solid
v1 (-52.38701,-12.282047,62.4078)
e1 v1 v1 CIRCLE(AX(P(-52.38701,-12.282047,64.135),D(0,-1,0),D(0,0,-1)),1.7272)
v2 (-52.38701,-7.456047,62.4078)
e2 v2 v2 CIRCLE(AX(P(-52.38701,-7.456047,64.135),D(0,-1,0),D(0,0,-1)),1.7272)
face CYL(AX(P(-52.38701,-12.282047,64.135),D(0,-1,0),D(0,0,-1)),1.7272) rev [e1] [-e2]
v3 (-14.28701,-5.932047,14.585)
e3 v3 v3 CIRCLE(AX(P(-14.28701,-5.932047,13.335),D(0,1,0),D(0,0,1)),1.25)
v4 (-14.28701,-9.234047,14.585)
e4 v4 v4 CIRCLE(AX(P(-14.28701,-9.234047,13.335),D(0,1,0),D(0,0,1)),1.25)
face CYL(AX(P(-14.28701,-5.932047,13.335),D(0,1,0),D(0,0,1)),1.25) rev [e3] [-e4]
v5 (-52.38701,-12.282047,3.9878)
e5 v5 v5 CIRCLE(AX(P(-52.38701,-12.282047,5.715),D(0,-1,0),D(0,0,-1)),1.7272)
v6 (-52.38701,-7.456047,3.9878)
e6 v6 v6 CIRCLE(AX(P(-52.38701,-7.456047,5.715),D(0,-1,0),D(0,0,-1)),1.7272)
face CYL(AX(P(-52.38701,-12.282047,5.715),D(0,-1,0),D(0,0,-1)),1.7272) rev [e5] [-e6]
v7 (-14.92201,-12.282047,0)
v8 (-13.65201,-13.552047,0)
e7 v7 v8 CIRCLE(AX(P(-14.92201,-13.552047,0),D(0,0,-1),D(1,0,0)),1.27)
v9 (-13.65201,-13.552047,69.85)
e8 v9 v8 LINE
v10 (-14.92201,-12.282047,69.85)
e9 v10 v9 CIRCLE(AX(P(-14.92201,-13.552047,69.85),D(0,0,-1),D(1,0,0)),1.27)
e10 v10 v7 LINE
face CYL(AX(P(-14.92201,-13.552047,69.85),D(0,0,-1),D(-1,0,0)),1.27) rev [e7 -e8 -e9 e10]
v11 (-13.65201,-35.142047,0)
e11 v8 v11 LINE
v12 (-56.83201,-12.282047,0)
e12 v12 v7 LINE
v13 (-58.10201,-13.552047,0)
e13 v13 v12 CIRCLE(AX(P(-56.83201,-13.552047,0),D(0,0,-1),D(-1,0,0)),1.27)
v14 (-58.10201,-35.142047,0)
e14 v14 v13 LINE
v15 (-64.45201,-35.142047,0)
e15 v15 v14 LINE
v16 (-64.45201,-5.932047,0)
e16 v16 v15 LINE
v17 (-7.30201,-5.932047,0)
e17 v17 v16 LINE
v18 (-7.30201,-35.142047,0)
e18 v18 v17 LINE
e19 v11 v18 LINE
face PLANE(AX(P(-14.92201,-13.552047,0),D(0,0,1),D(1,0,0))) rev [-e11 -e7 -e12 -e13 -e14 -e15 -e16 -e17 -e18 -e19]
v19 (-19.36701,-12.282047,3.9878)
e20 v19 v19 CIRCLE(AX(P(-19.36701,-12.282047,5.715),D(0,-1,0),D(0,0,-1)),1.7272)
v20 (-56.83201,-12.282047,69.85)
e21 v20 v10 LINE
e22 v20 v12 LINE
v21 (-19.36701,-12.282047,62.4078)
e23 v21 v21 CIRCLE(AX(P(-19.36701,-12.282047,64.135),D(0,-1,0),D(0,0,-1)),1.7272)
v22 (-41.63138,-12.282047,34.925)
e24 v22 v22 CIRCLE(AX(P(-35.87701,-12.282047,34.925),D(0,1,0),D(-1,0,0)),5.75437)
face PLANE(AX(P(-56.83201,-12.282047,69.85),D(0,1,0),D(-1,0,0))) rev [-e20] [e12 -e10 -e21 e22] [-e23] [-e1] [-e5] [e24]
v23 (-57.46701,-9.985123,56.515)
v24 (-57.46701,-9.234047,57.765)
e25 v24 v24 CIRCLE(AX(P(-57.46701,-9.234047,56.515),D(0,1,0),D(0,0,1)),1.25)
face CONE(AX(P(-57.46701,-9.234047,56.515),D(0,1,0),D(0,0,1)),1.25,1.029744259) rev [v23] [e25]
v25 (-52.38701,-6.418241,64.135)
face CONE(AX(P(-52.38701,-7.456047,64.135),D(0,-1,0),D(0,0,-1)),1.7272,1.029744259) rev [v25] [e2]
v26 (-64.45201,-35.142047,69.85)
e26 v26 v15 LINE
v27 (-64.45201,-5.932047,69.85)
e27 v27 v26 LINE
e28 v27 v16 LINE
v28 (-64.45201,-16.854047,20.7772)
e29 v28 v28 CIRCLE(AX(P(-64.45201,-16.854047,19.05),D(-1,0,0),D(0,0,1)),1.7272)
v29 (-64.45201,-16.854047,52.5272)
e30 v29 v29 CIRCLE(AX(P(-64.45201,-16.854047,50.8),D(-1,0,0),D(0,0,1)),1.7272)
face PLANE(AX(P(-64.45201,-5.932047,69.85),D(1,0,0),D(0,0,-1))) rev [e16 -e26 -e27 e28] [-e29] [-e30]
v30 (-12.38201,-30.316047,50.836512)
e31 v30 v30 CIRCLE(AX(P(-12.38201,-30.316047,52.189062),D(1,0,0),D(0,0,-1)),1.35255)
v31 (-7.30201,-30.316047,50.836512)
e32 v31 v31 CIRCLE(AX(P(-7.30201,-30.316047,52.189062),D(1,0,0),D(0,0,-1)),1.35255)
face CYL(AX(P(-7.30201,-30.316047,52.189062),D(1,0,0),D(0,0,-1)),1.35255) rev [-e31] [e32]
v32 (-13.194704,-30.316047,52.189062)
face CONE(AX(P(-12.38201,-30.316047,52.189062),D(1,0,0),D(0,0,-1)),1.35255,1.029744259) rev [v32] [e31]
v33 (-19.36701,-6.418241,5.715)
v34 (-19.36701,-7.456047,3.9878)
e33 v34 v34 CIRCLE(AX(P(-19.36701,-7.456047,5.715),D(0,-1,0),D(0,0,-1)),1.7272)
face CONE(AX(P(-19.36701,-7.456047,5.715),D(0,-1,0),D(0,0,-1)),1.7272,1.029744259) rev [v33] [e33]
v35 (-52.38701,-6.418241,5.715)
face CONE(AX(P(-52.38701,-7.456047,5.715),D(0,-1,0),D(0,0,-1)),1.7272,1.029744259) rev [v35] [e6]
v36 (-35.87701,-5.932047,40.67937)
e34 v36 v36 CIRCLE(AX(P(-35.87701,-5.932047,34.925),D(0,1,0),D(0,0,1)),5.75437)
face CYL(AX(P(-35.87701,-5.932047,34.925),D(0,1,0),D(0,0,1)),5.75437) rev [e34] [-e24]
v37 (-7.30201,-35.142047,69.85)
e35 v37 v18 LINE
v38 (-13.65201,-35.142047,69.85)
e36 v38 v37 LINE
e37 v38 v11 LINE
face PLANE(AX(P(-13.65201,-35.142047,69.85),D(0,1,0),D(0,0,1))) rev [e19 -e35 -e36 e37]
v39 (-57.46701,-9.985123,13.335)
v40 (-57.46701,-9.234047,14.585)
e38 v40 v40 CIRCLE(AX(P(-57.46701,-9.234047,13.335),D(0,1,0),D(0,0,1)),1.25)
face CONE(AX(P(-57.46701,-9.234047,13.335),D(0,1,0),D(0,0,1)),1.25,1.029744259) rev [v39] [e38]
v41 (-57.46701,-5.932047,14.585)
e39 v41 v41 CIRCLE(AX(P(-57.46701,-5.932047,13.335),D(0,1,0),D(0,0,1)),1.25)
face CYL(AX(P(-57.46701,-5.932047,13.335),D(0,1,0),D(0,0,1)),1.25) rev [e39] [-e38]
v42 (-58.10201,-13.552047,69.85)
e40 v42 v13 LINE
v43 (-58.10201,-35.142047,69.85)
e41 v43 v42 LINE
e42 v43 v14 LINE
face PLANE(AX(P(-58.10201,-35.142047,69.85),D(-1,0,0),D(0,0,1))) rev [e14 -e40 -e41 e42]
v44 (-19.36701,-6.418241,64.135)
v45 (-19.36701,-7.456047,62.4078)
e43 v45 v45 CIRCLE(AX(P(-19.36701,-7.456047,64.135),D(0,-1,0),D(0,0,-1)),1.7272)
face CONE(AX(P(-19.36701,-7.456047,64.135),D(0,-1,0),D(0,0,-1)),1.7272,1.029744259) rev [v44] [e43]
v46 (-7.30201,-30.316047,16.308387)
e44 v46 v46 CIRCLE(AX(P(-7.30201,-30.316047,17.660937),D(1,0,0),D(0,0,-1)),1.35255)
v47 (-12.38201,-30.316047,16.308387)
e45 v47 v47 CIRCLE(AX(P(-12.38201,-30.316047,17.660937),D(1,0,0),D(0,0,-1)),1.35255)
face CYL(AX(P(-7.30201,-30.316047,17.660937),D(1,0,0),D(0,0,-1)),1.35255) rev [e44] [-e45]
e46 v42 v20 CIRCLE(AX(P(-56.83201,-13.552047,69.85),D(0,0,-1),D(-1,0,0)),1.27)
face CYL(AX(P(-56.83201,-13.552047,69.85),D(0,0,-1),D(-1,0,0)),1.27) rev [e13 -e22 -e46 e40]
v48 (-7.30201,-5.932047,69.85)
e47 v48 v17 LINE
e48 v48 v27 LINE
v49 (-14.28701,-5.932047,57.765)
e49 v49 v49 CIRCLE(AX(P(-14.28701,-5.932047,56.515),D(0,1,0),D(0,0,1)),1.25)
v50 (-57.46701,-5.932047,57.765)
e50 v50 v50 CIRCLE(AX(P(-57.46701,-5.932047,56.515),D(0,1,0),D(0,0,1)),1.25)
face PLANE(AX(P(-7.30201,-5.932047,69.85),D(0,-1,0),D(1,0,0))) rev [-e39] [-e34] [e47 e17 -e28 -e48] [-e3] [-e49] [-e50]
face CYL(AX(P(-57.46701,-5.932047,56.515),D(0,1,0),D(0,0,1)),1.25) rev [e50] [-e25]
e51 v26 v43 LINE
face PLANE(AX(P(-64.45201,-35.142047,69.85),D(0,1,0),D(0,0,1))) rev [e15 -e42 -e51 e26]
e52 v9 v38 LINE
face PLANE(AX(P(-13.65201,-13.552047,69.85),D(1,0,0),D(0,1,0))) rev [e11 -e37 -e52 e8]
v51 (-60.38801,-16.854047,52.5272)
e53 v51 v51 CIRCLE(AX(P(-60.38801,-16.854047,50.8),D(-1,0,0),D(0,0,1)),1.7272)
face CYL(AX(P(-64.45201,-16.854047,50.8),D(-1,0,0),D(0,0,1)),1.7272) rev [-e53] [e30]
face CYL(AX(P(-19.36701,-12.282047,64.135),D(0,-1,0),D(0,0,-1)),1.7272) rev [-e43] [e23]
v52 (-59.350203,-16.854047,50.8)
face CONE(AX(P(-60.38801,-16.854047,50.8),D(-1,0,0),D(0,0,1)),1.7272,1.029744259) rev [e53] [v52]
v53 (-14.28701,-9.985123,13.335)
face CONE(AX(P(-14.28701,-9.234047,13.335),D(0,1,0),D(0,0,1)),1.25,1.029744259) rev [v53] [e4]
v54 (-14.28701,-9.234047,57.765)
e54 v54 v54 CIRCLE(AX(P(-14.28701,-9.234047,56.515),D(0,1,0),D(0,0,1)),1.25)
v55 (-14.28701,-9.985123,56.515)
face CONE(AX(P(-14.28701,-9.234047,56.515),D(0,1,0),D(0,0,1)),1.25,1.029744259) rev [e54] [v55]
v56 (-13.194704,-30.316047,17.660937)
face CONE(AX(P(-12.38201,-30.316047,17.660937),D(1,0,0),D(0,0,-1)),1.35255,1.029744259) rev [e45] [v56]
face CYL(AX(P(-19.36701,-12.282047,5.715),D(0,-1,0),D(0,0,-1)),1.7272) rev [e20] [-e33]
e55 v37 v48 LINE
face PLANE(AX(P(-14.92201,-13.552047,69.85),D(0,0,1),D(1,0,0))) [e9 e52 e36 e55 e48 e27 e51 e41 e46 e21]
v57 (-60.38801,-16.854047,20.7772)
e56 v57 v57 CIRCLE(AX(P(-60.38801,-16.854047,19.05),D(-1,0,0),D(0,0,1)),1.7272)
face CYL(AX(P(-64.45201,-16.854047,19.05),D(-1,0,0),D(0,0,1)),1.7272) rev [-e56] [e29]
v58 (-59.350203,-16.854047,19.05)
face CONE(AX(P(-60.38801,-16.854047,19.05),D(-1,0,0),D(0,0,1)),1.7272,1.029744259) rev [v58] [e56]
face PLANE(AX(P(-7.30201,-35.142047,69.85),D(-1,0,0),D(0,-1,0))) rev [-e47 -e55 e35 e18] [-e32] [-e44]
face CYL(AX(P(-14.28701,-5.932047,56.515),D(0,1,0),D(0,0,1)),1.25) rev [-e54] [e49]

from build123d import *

# Parameters (mm, degrees)
BOSS_EXTRUDE1_DEPTH             = 69.85
TAP_DRILL_FOR_1_2_20_TAP1_D     = 11.50874
TAP_DRILL_FOR_1_2_20_TAP1_DEPTH = 12.7
TAP_DRILL_FOR_1_2_20_TAP1_TIP   = 3.45757432
LPATTERN2_COUNT                 = 2
LPATTERN2_PITCH                 = 43.18
LPATTERN2_COUNT_DIR2            = 2
LPATTERN2_PITCH_DIR2            = 43.18
TAP_DRILL_FOR_8_32_TAP1_D       = 3.4544
TAP_DRILL_FOR_8_32_TAP1_DEPTH   = 4.826
TAP_DRILL_FOR_8_32_TAP1_TIP     = 1.037806461
TAP_DRILL_FOR_8_32_TAP4_D       = 3.4544
TAP_DRILL_FOR_8_32_TAP4_DEPTH   = 4.064
TAP_DRILL_FOR_8_32_TAP4_TIP     = 1.037806461
TAP_DRILL_FOR_6_32_TAP1_D       = 2.7051
TAP_DRILL_FOR_6_32_TAP1_DEPTH   = 5.08
TAP_DRILL_FOR_6_32_TAP1_TIP     = 0.81269403


with BuildPart() as part:
    # Sketch1 → Boss-Extrude1 (new body)
    with BuildSketch(Plane.XY):
        with BuildLine():
            Line((-64.452009828, -5.932047122), (-64.452009828, -35.142047122))
            Line((-64.452009828, -35.142047122), (-58.102009828, -35.142047122))
            Line((-58.102009828, -35.142047122), (-58.102009828, -13.552047122))
            ThreePointArc((-58.102009828, -13.552047122), (-57.73003544, -12.65402151), (-56.832009828, -12.282047122))
            Line((-56.832009828, -12.282047122), (-14.922009828, -12.282047122))
            ThreePointArc((-14.922009828, -12.282047122), (-14.023984216, -12.65402151), (-13.652009828, -13.552047122))
            Line((-13.652009828, -13.552047122), (-13.652009828, -35.142047122))
            Line((-13.652009828, -35.142047122), (-7.302009828, -35.142047122))
            Line((-7.302009828, -35.142047122), (-7.302009828, -5.932047122))
            Line((-7.302009828, -5.932047122), (-64.452009828, -5.932047122))
        make_face()
    extrude(amount=BOSS_EXTRUDE1_DEPTH)

    # Tap Drill for 1/2-20 Tap1
    with Locations(Plane(origin=(0, -5.932047122, 0), x_dir=(-1, 0, 0), z_dir=(0, 1, 0))):
        with Locations((35.877009828, 34.925)):
            Hole(TAP_DRILL_FOR_1_2_20_TAP1_D / 2, depth=TAP_DRILL_FOR_1_2_20_TAP1_DEPTH)
            with Locations((0, 0, -(TAP_DRILL_FOR_1_2_20_TAP1_DEPTH + TAP_DRILL_FOR_1_2_20_TAP1_TIP / 2))):  # 118° drill point
                Cone(0, TAP_DRILL_FOR_1_2_20_TAP1_D / 2, TAP_DRILL_FOR_1_2_20_TAP1_TIP, mode=Mode.SUBTRACT)

    # Sketch10 → Tap Drill for M3x0.5 Tap1 (revolve, cut)
    with BuildSketch(Plane(origin=(-57.467009828, -5.932047122, 13.335), x_dir=(0, 0, 1), z_dir=(1, 0, 0))):
        Polygon((0, 0), (0, 4.053075774), (1.25, 3.302), (1.25, 0), align=None)
    tap_drill_for_m3x0_5_tap1 = revolve(axis=Axis((-57.467009828, 0.417952878, 13.335), (0, -1, 0)), mode=Mode.SUBTRACT)

    # LPattern2: Tap Drill for M3x0.5 Tap1 2 × 2
    with Locations(*[(i * LPATTERN2_PITCH, 0, j * LPATTERN2_PITCH_DIR2) for i in range(LPATTERN2_COUNT) for j in range(LPATTERN2_COUNT_DIR2) if (i, j) != (0, 0)]):
        add(tap_drill_for_m3x0_5_tap1, mode=Mode.SUBTRACT)

    # Tap Drill for #8-32 Tap1
    with Locations(Plane.XZ.offset(12.282047122)):
        with Locations((-52.387009828, 64.135), (-19.367009828, 64.135), (-52.387009828, 5.715), (-19.367009828, 5.715)):
            Hole(TAP_DRILL_FOR_8_32_TAP1_D / 2, depth=TAP_DRILL_FOR_8_32_TAP1_DEPTH)
            with Locations((0, 0, -(TAP_DRILL_FOR_8_32_TAP1_DEPTH + TAP_DRILL_FOR_8_32_TAP1_TIP / 2))):  # 118° drill point
                Cone(0, TAP_DRILL_FOR_8_32_TAP1_D / 2, TAP_DRILL_FOR_8_32_TAP1_TIP, mode=Mode.SUBTRACT)

    # Tap Drill for #8-32 Tap4
    with Locations(Plane.ZY.offset(64.452009828)):
        with Locations((19.05, -16.854047122), (50.8, -16.854047122)):
            Hole(TAP_DRILL_FOR_8_32_TAP4_D / 2, depth=TAP_DRILL_FOR_8_32_TAP4_DEPTH)
            with Locations((0, 0, -(TAP_DRILL_FOR_8_32_TAP4_DEPTH + TAP_DRILL_FOR_8_32_TAP4_TIP / 2))):  # 118° drill point
                Cone(0, TAP_DRILL_FOR_8_32_TAP4_D / 2, TAP_DRILL_FOR_8_32_TAP4_TIP, mode=Mode.SUBTRACT)

    # Tap Drill for #6-32 Tap1
    with Locations(Plane(origin=(-7.302009828, 0, 0), x_dir=(0, 0, -1), z_dir=(1, 0, 0))):
        with Locations((-52.1890625, -30.316047122), (-17.6609375, -30.316047122)):
            Hole(TAP_DRILL_FOR_6_32_TAP1_D / 2, depth=TAP_DRILL_FOR_6_32_TAP1_DEPTH)
            with Locations((0, 0, -(TAP_DRILL_FOR_6_32_TAP1_DEPTH + TAP_DRILL_FOR_6_32_TAP1_TIP / 2))):  # 118° drill point
                Cone(0, TAP_DRILL_FOR_6_32_TAP1_D / 2, TAP_DRILL_FOR_6_32_TAP1_TIP, mode=Mode.SUBTRACT)


solid = part.part
